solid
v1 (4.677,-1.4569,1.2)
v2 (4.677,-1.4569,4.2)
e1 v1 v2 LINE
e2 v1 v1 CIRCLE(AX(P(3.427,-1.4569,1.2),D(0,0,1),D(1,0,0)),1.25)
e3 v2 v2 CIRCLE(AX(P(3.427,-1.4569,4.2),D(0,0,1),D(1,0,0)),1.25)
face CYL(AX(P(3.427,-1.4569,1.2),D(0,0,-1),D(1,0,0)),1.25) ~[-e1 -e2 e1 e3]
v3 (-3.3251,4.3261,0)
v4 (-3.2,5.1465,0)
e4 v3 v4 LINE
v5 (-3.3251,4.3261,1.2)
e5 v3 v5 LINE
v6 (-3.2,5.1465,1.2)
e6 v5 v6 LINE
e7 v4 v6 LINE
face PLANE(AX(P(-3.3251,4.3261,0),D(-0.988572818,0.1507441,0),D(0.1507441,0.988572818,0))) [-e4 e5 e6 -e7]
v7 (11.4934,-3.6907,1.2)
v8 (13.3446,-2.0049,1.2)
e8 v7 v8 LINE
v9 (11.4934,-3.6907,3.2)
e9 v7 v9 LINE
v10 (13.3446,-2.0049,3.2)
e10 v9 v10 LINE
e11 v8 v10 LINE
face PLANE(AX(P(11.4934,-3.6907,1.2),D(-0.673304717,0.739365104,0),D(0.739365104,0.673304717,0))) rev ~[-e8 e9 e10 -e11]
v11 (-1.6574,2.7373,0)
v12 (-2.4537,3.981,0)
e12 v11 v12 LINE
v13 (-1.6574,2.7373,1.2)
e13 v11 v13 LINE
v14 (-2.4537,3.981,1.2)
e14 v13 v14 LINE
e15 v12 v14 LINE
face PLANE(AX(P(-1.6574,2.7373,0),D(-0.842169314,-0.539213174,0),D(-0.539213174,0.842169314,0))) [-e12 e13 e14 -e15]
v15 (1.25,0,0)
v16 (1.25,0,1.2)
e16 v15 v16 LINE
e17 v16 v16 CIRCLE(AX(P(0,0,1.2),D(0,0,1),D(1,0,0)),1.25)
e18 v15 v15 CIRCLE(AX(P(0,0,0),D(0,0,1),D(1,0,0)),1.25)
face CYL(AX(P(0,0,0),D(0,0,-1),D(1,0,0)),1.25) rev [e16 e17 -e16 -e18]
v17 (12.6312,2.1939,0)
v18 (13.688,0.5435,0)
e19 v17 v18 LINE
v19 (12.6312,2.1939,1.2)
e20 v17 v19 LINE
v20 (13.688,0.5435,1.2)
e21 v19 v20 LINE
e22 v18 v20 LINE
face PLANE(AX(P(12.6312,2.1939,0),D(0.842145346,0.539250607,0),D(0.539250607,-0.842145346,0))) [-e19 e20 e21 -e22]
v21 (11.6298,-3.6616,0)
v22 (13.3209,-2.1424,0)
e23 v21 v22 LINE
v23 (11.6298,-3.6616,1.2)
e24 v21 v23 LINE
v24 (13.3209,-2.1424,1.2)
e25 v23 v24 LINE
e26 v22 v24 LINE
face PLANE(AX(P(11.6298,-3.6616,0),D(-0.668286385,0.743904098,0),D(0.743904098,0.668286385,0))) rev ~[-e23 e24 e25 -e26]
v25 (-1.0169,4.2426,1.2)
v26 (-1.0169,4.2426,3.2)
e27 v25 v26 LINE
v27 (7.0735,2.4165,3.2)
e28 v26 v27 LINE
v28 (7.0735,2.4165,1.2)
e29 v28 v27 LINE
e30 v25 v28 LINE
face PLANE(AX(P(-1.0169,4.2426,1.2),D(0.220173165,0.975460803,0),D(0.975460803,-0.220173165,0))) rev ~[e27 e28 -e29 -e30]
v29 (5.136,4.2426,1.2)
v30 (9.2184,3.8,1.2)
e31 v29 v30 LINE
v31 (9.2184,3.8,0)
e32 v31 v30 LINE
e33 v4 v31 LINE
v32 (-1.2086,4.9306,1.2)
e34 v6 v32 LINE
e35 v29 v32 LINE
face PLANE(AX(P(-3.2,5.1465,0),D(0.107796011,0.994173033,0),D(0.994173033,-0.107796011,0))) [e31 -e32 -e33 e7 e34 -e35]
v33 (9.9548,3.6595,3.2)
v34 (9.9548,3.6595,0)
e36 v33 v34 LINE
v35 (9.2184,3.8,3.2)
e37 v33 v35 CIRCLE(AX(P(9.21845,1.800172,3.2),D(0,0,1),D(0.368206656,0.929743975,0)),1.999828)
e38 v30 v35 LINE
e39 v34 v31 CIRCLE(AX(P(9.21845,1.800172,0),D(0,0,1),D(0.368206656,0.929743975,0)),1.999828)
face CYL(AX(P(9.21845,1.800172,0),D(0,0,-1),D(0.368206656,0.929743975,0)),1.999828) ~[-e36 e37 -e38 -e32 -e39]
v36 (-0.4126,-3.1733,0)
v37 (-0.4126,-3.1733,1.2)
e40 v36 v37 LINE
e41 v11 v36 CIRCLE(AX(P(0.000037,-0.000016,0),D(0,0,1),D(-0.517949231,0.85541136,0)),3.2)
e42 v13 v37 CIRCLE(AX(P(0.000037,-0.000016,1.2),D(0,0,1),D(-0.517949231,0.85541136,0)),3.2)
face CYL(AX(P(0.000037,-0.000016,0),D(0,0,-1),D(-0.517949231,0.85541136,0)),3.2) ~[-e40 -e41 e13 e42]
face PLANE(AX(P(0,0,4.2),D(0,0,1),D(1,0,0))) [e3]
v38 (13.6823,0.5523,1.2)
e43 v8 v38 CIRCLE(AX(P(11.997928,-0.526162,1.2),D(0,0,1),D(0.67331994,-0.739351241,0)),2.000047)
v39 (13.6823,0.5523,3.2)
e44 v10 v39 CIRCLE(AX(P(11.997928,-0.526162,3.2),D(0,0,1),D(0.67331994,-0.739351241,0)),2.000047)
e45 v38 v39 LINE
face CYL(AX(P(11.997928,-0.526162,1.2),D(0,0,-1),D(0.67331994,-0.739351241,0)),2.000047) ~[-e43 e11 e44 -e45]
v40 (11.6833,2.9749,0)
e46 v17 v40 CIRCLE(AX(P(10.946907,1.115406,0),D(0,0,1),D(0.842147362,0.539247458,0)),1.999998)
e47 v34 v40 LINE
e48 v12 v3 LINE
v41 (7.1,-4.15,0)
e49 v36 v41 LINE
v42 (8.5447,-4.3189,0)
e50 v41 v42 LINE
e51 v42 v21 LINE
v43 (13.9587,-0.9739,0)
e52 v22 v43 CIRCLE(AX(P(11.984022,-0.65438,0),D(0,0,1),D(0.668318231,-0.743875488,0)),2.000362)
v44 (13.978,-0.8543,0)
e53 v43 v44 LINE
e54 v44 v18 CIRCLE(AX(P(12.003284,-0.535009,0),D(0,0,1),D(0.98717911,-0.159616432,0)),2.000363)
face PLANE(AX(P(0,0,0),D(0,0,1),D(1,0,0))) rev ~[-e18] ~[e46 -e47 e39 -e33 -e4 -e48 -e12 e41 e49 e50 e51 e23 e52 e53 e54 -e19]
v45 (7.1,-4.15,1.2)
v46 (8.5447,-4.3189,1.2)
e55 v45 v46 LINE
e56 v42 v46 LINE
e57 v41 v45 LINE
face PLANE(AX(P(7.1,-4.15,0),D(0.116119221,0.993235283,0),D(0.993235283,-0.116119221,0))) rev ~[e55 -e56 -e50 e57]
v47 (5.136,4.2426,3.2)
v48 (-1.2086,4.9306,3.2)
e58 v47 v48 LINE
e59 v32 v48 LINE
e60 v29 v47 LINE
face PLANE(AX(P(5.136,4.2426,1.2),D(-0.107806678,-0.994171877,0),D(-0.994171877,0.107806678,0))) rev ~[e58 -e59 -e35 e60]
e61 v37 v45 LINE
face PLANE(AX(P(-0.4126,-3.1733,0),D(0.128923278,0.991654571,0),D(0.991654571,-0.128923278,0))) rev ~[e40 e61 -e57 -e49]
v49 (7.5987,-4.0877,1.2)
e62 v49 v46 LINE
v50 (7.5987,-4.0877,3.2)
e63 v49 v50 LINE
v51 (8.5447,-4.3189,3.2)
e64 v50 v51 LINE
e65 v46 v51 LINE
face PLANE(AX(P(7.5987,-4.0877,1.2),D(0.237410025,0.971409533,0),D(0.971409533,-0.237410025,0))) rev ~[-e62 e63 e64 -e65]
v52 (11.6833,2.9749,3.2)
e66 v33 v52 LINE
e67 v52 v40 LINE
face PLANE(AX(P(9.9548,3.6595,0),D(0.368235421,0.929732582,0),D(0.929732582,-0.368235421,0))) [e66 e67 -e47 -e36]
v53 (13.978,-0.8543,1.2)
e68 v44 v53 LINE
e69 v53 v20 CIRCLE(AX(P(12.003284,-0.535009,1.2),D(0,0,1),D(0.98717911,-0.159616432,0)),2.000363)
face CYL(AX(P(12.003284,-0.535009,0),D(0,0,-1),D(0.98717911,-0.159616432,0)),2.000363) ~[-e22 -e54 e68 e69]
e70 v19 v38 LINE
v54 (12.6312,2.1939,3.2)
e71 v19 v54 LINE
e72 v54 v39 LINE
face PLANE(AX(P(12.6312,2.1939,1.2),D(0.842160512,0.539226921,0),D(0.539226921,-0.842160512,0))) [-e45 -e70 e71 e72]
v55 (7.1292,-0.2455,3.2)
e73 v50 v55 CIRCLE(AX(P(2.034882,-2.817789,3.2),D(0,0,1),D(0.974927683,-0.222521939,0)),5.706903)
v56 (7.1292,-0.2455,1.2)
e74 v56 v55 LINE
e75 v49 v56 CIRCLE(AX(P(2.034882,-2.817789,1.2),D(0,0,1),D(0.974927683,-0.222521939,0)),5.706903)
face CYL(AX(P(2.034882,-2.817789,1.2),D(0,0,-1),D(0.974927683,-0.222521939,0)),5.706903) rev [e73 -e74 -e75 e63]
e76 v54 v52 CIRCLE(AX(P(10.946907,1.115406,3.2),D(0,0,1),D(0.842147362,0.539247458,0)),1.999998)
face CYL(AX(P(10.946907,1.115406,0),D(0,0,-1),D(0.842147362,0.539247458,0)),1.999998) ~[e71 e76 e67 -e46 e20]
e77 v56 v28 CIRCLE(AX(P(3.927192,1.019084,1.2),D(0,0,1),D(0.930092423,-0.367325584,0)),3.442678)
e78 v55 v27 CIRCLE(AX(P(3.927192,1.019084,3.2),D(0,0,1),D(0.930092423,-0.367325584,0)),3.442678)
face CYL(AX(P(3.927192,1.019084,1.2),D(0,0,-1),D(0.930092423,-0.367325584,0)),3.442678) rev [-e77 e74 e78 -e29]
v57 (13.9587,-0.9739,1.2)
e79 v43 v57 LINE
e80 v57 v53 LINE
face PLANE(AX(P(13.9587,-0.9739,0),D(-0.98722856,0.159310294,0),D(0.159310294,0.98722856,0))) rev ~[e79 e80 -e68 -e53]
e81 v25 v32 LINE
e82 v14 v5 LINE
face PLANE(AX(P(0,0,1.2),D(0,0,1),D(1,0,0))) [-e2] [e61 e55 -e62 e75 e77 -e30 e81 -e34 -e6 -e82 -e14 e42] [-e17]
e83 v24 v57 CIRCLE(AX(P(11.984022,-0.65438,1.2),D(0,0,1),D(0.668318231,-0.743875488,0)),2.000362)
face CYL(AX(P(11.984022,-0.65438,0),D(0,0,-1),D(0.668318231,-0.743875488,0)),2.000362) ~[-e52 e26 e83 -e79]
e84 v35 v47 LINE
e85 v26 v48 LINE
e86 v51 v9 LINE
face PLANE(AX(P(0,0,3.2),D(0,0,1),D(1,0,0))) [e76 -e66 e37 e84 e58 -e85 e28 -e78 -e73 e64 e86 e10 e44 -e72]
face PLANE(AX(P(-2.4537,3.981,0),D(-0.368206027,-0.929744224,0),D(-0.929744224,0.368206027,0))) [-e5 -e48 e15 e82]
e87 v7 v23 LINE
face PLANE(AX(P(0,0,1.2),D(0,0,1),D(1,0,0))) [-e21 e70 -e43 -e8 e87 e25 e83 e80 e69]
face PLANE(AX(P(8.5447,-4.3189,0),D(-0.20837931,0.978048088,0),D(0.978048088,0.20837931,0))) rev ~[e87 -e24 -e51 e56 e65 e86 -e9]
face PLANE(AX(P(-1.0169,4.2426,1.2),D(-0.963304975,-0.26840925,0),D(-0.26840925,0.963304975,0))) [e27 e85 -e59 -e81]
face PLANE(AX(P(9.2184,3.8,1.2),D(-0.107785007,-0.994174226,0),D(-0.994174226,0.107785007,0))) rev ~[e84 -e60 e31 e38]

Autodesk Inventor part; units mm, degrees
ref_plane "YZ Plane" through (0, 0, 0) normal (1, 0, 0) x (0, 1, 0)
ref_plane "XZ Plane" through (0, 0, 0) normal (0, 1, 0) x (-1, 0, 0)
ref_plane "XY Plane" through (0, 0, 0) normal (0, 0, 1) x (1, 0, 0)
sketch "Boceto1" plane through (0, 0, 0) normal (0, 0, 1) x (1, 0, 0)
  circle A0 centre (0, 0) radius 1.25
  arc A1 (-1.6574, 2.7373) -> (-0.4126, -3.1733) centre (0, 0) ccw
  line L0 (7.1, -4.15) -> (7.1, -7.1226) construction
  line L1 (-3.2, 3.2) -> (-3.2, -3.4) construction
  line L2 (-0.4126, -3.1733) -> (7.1, -4.15)
  line L3 (-1.4, 3.8) -> (-1.4, 6.2978) construction
  line L4 (14.1, 2.7373) -> (14.1, -1.982) construction
  line L5 (7.1, -4.15) -> (8.5447, -4.3189)
  line L6 (8.5447, -4.3189) -> (11.6298, -3.6616)
  line L7 (11.6298, -3.6616) -> (13.3209, -2.1424)
  line L8 (13.9587, -0.9739) -> (13.978, -0.8543)
  line L9 (9.9548, 3.6595) -> (11.6833, 2.9749)
  line L10 (12.6312, 2.1939) -> (13.688, 0.5435)
  arc A2 (12.6312, 2.1939) -> (11.6833, 2.9749) centre (10.9469, 1.1154) ccw
  arc A3 (9.9548, 3.6595) -> (9.2184, 3.8) centre (9.2184, 1.8) ccw
  arc A4 (13.978, -0.8543) -> (13.688, 0.5435) centre (12.0037, -0.535) ccw
  arc A5 (13.3209, -2.1424) -> (13.9587, -0.9739) centre (11.9843, -0.6546) ccw
  line L11 (-1.6574, 2.7373) -> (-2.4537, 3.981)
  line L12 (-2.4537, 3.981) -> (-3.3251, 4.3261)
  line L13 (-3.3251, 4.3261) -> (-3.2, 5.1465)
  line L14 (-3.2, 5.1465) -> (9.2184, 3.8)
  point P0 (9.6, 3.8)
  point P1 (14.1, -0.1)
  dimension "d0" = 2.5
  dimension "d4" = 6.4
  dimension "d5" = 4.15
  dimension "d6" = 10.3
  dimension "d7" = 3.8
  dimension "d8" = 1.8
  dimension "d9" = 11
  dimension "d10" = 7
  dimension "d19" = 2
extrude "Extrusión1" add sketch "Boceto1" along normal blind 1.2
sketch "Boceto5" plane through (0, 0, 1.2) normal (0, 0, 1) x (1, 0, 0)
  line L0 (7.5987, -4.0877) -> (8.5447, -4.3189)
  line L1 (8.5447, -4.3189) -> (11.6298, -3.6616)
  line L2 (11.4934, -3.6907) -> (13.3446, -2.0049)
  line L3 (9.9548, 3.6595) -> (11.6833, 2.9749)
  line L4 (12.6312, 2.1939) -> (13.6823, 0.5523)
  arc A0 (12.6312, 2.1939) -> (11.6833, 2.9749) centre (10.9469, 1.1154) ccw
  arc A1 (9.9548, 3.6595) -> (9.2184, 3.8) centre (9.2184, 1.8) ccw
  arc A2 (13.3446, -2.0049) -> (13.6823, 0.5523) centre (11.998, -0.5262) ccw
  arc A3 (3.8787, -10.625) -> (3.8888, -10.616) centre (2.5421, -9.1373) ccw
  arc A4 (7.5987, -4.0877) -> (7.1292, -0.2455) centre (2.0351, -2.8178) ccw
  arc A5 (7.1292, -0.2455) -> (7.0735, 2.4165) centre (3.9271, 1.0191) ccw
  arc A6 (9.9548, 3.6595) -> (9.2184, 3.8) centre (9.2184, 1.8) ccw projected
  line L5 (9.2184, 3.8) -> (5.136, 4.2426)
  line L6 (5.136, 4.2426) -> (-1.2086, 4.9306)
  line L7 (9.2184, 3.8) -> (-3.2, 5.1465) projected
  line L8 (-1.0169, 4.2426) -> (-1.2086, 4.9306)
  line L9 (-1.0169, 4.2426) -> (7.0735, 2.4165)
  point P0 (0, 0)
  point P1 (9.6, 3.8)
extrude "Extrusión5" add sketch "Boceto5" along normal blind 2
sketch "Boceto6" plane through (0, 0, 1.2) normal (0, 0, 1) x (1, 0, 0)
  circle A0 centre (3.427, -1.4569) radius 1.25
  point P0 (0, 0)
  dimension "d26" = 2.5
extrude "Extrusión6" add sketch "Boceto6" along normal blind 3
properties part number "Pieza3_3DPrint"
